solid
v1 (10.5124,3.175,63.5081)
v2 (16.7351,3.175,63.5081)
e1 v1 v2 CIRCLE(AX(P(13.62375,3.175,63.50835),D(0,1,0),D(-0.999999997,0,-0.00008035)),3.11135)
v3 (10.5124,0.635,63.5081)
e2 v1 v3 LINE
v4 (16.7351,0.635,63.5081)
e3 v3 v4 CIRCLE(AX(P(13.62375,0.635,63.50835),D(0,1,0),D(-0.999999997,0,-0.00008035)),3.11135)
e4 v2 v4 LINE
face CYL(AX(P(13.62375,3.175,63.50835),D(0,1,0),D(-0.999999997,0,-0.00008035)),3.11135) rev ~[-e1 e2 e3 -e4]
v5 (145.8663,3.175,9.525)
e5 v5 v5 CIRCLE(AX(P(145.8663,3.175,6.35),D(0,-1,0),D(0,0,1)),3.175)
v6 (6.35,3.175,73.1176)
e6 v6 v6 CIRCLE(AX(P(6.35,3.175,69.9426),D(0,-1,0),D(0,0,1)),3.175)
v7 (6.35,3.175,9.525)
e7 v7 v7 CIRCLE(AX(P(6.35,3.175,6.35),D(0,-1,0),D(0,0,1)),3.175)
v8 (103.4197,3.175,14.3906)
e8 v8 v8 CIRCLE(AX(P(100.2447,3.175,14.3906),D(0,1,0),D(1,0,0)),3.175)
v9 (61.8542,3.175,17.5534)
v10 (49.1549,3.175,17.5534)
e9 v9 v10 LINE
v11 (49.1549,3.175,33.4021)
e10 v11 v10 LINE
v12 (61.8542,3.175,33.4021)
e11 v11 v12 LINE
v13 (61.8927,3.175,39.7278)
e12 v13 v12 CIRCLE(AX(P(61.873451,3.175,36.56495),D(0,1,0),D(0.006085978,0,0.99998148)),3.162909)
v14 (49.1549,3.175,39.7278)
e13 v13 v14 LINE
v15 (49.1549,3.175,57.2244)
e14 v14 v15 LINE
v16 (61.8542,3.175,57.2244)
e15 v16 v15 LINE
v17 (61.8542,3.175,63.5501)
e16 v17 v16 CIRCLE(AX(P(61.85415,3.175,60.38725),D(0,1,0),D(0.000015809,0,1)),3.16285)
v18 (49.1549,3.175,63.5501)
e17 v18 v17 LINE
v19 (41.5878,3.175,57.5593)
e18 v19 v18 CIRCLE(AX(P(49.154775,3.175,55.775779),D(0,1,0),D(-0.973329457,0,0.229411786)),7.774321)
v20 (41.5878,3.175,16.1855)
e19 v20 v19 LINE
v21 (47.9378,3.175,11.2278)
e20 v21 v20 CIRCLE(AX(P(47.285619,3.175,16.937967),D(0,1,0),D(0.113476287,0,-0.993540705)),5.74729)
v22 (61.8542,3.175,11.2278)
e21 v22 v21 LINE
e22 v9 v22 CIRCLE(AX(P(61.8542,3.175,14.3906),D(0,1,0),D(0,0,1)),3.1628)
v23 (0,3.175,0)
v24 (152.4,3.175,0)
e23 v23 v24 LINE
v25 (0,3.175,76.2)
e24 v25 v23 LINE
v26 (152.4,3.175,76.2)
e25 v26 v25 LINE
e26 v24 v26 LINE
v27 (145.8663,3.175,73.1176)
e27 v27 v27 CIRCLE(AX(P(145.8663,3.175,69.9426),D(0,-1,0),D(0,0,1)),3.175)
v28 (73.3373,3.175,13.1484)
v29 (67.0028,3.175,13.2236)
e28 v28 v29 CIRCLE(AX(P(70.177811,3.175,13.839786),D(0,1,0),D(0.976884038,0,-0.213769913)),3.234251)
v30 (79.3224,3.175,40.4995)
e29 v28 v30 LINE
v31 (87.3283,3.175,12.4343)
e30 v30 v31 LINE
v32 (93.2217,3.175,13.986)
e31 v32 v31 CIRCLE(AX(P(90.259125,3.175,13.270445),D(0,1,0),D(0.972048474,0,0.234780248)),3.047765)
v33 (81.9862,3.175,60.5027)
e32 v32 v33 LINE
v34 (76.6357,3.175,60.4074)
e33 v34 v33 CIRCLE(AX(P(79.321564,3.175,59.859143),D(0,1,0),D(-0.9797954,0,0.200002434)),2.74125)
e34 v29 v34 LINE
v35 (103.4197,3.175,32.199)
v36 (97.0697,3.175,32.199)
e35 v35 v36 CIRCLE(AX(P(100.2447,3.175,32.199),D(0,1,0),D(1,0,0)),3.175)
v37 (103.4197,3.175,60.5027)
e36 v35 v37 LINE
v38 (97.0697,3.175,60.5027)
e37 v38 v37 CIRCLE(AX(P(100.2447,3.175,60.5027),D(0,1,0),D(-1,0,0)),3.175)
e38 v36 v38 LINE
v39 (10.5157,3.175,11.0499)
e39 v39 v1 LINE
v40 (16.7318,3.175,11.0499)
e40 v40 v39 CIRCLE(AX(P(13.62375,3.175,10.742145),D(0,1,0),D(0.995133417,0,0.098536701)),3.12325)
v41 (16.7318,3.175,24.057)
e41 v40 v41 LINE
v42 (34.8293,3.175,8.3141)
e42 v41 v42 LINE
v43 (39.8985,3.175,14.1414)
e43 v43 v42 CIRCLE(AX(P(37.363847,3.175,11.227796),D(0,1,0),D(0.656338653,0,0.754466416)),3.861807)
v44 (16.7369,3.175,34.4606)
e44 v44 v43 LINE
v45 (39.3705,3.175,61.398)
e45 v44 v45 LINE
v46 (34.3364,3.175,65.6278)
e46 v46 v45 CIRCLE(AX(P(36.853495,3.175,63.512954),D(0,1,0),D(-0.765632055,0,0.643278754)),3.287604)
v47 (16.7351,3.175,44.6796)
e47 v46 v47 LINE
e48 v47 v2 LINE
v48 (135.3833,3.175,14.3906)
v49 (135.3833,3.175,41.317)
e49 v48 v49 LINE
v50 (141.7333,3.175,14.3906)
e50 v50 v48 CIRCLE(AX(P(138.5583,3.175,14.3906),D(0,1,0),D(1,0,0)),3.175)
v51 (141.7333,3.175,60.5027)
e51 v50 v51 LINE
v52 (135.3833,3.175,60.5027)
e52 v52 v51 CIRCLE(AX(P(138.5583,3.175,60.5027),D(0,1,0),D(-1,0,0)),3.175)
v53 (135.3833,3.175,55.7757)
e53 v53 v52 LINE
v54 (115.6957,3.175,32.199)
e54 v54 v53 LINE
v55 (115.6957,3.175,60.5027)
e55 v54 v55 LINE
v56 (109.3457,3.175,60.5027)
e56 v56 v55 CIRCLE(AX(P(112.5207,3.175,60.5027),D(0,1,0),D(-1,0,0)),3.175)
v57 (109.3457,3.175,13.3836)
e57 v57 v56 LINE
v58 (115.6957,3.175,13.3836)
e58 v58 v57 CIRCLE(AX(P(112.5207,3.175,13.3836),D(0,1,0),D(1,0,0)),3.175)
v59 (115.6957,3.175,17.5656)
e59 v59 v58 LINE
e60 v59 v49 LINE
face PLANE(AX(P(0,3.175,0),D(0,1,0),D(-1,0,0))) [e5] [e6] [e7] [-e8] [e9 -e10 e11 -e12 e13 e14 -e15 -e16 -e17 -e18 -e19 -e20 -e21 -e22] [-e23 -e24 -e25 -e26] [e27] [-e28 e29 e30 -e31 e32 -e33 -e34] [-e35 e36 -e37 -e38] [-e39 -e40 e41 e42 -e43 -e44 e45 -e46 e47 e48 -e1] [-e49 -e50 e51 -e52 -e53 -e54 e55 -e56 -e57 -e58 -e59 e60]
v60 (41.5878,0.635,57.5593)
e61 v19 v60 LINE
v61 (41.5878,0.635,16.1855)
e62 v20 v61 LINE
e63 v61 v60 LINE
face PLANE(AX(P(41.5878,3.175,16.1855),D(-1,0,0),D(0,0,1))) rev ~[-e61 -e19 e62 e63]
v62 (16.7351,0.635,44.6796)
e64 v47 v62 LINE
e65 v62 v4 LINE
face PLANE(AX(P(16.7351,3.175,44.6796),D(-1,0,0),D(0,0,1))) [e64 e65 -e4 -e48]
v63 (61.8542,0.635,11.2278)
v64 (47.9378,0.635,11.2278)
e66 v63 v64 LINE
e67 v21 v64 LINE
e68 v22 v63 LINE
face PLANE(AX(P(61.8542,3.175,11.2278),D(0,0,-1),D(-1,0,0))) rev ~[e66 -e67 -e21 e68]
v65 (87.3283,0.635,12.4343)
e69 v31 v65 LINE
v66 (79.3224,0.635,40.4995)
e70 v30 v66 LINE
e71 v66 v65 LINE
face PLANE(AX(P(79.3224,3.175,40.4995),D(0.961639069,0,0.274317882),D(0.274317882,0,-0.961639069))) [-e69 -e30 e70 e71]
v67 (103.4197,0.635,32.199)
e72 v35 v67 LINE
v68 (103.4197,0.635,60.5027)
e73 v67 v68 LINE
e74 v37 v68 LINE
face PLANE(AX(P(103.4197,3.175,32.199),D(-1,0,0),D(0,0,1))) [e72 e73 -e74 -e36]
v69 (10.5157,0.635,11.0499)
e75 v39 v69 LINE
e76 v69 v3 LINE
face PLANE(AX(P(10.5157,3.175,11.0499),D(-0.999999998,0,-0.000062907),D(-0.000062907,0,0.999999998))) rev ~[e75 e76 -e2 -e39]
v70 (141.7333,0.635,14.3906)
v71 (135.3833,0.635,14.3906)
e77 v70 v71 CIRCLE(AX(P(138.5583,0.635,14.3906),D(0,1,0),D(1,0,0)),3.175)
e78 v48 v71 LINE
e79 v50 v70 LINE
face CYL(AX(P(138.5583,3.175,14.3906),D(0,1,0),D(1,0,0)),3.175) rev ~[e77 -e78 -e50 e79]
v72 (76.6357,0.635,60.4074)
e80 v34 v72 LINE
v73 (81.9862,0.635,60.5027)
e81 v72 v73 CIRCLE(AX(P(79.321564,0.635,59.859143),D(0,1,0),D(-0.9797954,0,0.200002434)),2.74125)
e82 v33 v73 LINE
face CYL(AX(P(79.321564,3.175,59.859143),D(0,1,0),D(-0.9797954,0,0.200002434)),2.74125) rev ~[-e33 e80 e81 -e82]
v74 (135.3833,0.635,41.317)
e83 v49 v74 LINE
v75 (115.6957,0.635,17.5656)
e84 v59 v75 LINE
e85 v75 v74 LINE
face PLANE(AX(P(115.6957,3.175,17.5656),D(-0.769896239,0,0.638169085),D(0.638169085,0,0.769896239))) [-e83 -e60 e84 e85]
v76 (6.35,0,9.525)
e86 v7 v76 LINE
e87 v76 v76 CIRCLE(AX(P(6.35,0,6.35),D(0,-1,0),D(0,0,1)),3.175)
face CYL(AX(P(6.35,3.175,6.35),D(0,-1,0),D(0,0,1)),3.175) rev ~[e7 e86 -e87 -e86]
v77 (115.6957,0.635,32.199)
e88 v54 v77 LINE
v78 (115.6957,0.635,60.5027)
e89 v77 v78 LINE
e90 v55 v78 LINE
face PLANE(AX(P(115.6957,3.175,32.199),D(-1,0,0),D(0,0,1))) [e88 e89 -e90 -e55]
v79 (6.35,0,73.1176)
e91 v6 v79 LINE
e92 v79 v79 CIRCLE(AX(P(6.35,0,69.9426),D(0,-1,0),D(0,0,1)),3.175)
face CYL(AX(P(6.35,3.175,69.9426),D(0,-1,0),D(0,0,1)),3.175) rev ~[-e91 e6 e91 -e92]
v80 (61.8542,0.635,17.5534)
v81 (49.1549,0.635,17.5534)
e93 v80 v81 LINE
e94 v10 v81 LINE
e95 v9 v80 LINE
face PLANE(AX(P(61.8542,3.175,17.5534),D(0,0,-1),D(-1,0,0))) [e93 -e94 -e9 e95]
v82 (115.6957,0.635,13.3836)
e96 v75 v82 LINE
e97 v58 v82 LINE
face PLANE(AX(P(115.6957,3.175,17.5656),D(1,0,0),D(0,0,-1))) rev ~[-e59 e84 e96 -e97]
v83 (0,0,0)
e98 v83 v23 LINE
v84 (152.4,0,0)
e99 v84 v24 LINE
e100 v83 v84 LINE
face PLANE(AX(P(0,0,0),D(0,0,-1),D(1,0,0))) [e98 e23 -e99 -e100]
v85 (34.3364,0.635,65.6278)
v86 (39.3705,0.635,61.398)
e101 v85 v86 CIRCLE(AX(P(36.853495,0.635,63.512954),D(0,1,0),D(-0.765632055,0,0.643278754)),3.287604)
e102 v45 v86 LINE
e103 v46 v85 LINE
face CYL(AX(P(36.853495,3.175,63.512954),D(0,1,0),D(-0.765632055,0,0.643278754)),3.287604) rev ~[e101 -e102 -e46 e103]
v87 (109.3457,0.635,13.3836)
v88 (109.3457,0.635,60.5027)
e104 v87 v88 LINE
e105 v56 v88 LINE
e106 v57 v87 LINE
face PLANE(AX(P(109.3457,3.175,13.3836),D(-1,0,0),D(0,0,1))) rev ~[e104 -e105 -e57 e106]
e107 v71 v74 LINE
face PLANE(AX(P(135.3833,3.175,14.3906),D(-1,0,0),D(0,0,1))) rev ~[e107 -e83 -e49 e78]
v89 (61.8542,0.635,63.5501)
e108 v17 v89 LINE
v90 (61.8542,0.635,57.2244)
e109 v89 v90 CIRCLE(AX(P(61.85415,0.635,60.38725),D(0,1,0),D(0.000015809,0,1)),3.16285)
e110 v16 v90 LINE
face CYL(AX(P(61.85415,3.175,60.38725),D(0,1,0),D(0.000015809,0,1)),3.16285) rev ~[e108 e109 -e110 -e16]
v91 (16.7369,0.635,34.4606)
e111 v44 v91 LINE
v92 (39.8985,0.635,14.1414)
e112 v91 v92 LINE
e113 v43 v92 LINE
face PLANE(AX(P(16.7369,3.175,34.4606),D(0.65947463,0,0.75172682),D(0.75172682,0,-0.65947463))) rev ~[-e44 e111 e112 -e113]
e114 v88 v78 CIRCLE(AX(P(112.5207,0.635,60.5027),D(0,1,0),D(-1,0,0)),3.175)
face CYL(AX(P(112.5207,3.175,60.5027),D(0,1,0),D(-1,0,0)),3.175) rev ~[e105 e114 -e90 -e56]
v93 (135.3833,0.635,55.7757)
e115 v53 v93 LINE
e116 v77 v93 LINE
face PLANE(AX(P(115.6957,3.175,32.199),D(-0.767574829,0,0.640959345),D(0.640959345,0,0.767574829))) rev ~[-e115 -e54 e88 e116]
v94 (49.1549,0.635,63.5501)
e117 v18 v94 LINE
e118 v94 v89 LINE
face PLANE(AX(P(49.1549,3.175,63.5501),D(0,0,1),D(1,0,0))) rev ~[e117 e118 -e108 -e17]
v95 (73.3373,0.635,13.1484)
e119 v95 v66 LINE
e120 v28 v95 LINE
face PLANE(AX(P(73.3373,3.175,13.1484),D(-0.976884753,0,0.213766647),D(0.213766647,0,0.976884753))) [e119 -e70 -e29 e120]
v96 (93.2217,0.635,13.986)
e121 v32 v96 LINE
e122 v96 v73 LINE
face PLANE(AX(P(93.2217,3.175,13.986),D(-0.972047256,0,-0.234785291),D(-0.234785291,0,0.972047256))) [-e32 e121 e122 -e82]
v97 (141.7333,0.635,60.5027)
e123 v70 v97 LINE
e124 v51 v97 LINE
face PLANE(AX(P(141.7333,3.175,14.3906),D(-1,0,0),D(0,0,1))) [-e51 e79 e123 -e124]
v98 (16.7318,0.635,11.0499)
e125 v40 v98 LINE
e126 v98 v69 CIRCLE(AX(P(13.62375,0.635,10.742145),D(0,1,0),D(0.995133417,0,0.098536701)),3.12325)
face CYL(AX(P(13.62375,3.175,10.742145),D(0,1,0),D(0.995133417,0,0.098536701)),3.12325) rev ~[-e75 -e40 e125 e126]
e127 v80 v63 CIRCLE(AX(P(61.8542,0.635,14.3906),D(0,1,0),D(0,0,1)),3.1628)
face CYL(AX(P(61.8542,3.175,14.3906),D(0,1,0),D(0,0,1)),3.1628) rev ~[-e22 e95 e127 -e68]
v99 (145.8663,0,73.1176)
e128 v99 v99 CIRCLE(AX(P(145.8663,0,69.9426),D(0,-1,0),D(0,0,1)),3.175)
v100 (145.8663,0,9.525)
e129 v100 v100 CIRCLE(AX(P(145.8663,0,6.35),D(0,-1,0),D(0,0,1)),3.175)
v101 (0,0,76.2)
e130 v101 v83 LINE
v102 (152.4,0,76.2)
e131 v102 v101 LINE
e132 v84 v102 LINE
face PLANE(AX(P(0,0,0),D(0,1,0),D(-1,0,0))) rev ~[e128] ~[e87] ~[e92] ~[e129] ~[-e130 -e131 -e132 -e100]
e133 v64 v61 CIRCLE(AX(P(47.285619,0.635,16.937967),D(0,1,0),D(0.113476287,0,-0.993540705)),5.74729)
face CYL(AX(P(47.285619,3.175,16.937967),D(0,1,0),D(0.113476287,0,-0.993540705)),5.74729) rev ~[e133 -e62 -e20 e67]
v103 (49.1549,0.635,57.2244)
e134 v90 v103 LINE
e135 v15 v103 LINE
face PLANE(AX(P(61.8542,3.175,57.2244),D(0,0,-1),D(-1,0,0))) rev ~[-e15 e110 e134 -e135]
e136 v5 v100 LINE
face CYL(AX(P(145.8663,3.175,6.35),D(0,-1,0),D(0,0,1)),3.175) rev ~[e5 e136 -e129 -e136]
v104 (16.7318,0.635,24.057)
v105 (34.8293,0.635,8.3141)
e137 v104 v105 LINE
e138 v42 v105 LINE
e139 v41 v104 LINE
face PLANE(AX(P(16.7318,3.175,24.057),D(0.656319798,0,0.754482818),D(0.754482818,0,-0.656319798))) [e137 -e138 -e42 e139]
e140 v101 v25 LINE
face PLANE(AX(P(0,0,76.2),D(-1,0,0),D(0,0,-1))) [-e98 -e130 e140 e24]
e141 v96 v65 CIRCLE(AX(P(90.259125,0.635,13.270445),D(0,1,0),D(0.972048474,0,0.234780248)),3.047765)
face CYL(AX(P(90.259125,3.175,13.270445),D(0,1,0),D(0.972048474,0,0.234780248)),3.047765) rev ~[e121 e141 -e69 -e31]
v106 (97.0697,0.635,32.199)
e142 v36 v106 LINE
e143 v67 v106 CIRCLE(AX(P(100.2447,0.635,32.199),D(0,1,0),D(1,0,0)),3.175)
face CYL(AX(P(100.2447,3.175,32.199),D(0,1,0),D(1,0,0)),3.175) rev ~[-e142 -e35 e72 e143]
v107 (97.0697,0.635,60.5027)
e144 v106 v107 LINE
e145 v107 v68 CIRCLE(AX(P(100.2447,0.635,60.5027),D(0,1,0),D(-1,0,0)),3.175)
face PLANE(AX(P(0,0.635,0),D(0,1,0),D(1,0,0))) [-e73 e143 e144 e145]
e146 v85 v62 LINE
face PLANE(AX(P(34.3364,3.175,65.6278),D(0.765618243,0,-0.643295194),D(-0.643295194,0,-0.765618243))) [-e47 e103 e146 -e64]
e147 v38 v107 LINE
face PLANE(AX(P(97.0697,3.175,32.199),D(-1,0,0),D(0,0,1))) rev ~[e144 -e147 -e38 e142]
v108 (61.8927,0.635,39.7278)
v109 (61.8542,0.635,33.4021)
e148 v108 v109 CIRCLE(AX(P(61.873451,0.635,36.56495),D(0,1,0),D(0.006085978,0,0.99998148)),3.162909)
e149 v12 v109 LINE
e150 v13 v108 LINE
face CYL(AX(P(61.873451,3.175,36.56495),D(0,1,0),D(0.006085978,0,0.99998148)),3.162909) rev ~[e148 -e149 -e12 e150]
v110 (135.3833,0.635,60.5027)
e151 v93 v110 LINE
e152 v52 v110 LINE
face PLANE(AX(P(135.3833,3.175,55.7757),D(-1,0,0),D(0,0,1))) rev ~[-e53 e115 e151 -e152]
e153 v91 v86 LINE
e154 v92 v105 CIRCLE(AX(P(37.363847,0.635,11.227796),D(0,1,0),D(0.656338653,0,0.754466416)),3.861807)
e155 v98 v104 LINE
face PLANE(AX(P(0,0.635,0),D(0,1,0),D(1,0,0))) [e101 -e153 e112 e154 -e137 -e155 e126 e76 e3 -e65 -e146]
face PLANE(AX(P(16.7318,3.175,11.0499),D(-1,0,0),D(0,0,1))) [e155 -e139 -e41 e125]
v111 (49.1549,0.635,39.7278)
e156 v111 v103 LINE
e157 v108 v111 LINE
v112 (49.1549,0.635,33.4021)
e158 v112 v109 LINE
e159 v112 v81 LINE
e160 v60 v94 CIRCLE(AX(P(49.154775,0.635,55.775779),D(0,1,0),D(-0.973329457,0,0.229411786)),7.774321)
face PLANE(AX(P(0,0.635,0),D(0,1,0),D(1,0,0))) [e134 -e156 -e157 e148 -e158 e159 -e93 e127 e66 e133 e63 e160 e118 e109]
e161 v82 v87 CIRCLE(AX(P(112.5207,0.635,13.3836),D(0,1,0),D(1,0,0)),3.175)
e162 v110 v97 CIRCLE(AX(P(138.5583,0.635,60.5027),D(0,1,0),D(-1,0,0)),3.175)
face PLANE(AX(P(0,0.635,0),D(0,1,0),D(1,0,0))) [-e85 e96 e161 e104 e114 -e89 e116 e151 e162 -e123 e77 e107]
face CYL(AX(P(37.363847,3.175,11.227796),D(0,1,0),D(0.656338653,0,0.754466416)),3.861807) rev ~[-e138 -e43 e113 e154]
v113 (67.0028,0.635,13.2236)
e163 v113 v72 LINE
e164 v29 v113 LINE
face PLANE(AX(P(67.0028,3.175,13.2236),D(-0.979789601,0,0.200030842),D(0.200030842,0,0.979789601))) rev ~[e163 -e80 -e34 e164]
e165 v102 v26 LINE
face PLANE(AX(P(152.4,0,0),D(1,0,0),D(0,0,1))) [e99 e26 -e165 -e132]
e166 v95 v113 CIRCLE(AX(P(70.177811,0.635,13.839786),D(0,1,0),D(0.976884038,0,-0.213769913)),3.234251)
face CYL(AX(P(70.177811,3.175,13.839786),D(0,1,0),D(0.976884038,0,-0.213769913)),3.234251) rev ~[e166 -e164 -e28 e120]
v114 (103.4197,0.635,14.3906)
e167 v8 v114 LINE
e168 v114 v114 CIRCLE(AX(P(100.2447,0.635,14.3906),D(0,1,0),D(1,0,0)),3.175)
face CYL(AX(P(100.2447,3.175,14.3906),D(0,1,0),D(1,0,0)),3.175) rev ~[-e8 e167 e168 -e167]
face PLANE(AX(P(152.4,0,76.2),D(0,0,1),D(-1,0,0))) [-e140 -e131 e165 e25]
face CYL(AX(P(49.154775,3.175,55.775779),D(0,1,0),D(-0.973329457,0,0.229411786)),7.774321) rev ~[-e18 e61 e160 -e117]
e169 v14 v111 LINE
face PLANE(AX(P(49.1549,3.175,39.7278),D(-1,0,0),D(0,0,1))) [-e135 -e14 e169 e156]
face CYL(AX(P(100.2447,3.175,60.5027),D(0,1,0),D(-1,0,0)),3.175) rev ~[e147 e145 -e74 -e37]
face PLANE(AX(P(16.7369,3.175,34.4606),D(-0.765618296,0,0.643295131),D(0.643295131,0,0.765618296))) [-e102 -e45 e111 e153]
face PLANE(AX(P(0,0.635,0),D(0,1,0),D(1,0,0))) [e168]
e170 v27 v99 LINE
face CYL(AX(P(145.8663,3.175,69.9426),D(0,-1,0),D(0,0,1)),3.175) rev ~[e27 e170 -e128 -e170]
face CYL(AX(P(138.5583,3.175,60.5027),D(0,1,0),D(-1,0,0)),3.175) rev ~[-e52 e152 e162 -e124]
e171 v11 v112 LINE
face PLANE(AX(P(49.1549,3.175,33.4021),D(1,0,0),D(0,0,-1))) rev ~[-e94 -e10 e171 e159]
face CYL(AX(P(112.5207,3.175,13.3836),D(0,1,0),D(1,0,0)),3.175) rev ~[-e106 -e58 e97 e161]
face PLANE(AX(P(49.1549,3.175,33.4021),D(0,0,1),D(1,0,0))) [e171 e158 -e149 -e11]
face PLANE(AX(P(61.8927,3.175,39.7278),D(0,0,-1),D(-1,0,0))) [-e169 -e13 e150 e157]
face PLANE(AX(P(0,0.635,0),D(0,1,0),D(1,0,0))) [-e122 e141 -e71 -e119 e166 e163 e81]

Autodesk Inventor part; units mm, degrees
ref_plane "YZ Plane" through (0, 0, 0) normal (1, 0, 0) x (0, 1, 0)
ref_plane "XZ Plane" through (0, 0, 0) normal (0, 1, 0) x (-1, 0, 0)
ref_plane "XY Plane" through (0, 0, 0) normal (0, 0, 1) x (1, 0, 0)
sketch "Sketch1" plane through (0, 0, 0) normal (0, 1, 0) x (-1, 0, 0)
  line L0 (0, 0) -> (-152.4, 0)
  line L1 (-152.4, 0) -> (-152.4, 76.2)
  line L2 (-152.4, 76.2) -> (0, 76.2)
  line L3 (0, 76.2) -> (0, 0)
extrude "Extrusion1" add sketch "Sketch1" along normal blind 3.175
sketch "Sketch2" plane through (0, 3.175, 0) normal (0, 1, 0) x (1, 0, 0)
  point P0 (0, 0)
sketch "Sketch3" plane through (0, 3.175, 0) normal (0, 1, 0) x (1, 0, 0)
  point P0 (0, 0)
sketch "Sketch4" plane through (0, 3.175, 0) normal (0, 1, 0) x (1, 0, 0)
  circle A0 centre (6.35, -6.35) radius 3.175
  circle A1 centre (6.35, -69.9426) radius 3.175
  circle A2 centre (145.8663, -69.9426) radius 3.175
  circle A3 centre (145.8663, -6.35) radius 3.175
  point P0 (0, 0)
hole "Hole1" at (6.35, 3.175, 6.35) at (6.35, 3.175, 69.9426) at (145.8663, 3.175, 69.9426) at (145.8663, 3.175, 6.35) direction (0, -1, 0) diameter 6.35 end through all
sketch "Sketch5" plane through (0, 3.175, 0) normal (0, 1, 0) x (1, 0, 0)
  line L0 (10.5157, -11.0499) -> (10.5124, -63.5081)
  arc A0 (16.7318, -11.0499) -> (10.5157, -11.0499) centre (13.6238, -10.7421) ccw
  arc A1 (10.5124, -63.5081) -> (16.7351, -63.5081) centre (13.6238, -63.5083) ccw
  line L1 (16.7318, -24.057) -> (34.8293, -8.3141)
  line L2 (16.7369, -34.4606) -> (39.8985, -14.1414)
  line L3 (16.7369, -34.4606) -> (39.3705, -61.398)
  line L4 (34.3364, -65.6278) -> (16.7351, -44.6796)
  line L5 (16.7318, -11.0499) -> (16.7318, -24.057)
  line L6 (16.7351, -44.6796) -> (16.7351, -63.5081)
  arc A2 (39.8985, -14.1414) -> (34.8293, -8.3141) centre (37.3639, -11.2278) ccw
  arc A3 (34.3364, -65.6278) -> (39.3705, -61.398) centre (36.8535, -63.5129) ccw
  arc A4 (61.8542, -17.5534) -> (61.8542, -11.2278) centre (61.8542, -14.3906) ccw
  arc A5 (61.8927, -39.7278) -> (61.8542, -33.4021) centre (61.8734, -36.5649) ccw
  arc A6 (61.8542, -63.5501) -> (61.8542, -57.2244) centre (61.8542, -60.3873) ccw
  line L7 (61.8542, -11.2278) -> (47.9378, -11.2278)
  line L8 (49.1549, -33.4021) -> (49.1549, -17.5534)
  line L9 (49.1549, -39.7278) -> (49.1549, -57.2244)
  line L10 (61.8542, -57.2244) -> (49.1549, -57.2244)
  line L11 (61.8927, -39.7278) -> (49.1549, -39.7278)
  line L12 (61.8542, -17.5534) -> (49.1549, -17.5534)
  line L13 (49.1549, -33.4021) -> (61.8542, -33.4021)
  arc A7 (47.9378, -11.2278) -> (41.5878, -16.1855) centre (47.2856, -16.9379) ccw
  line L14 (41.5878, -16.1855) -> (41.5878, -57.5593)
  line L15 (49.1549, -63.5501) -> (61.8542, -63.5501)
  arc A8 (41.5878, -57.5593) -> (49.1549, -63.5501) centre (49.1549, -55.7757) ccw
  line L16 (67.0028, -13.2236) -> (76.6357, -60.4074)
  line L17 (93.2217, -13.986) -> (81.9862, -60.5027)
  line L18 (73.3373, -13.1484) -> (79.3224, -40.4995)
  line L19 (79.3224, -40.4995) -> (87.3283, -12.4343)
  arc A9 (73.3373, -13.1484) -> (67.0028, -13.2236) centre (70.1778, -13.8398) ccw
  arc A10 (93.2217, -13.986) -> (87.3283, -12.4343) centre (90.2592, -13.2704) ccw
  arc A11 (76.6357, -60.4074) -> (81.9862, -60.5027) centre (79.3216, -59.8591) ccw
  circle A12 centre (100.2447, -14.3906) radius 3.175
  line L20 (97.0697, -32.199) -> (97.0697, -60.5027)
  line L21 (103.4197, -32.199) -> (103.4197, -60.5027)
  arc A13 (97.0697, -60.5027) -> (103.4197, -60.5027) centre (100.2447, -60.5027) ccw
  arc A14 (103.4197, -32.199) -> (97.0697, -32.199) centre (100.2447, -32.199) ccw
  line L22 (109.3457, -13.3836) -> (109.3457, -60.5027)
  line L23 (141.7333, -14.3906) -> (141.7333, -60.5027)
  arc A15 (109.3457, -60.5027) -> (115.6957, -60.5027) centre (112.5207, -60.5027) ccw
  arc A16 (115.6957, -13.3836) -> (109.3457, -13.3836) centre (112.5207, -13.3836) ccw
  arc A17 (141.7333, -14.3906) -> (135.3833, -14.3906) centre (138.5583, -14.3906) ccw
  arc A18 (135.3833, -60.5027) -> (141.7333, -60.5027) centre (138.5583, -60.5027) ccw
  line L24 (115.6957, -17.5656) -> (135.3833, -41.317)
  line L25 (115.6957, -32.199) -> (135.3833, -55.7757)
  line L26 (135.3833, -14.3906) -> (135.3833, -41.317)
  line L27 (135.3833, -55.7757) -> (135.3833, -60.5027)
  line L28 (115.6957, -32.199) -> (115.6957, -60.5027)
  line L29 (115.6957, -17.5656) -> (115.6957, -13.3836)
  point P0 (0, 0)
sketch "Sketch6" plane through (0, 3.175, 0) normal (0, 1, 0) x (1, 0, 0)
  point P0 (0, 0)
extrude "Extrusion2" cut sketch "Sketch5" against normal blind 2.54
properties part number "klam final"
